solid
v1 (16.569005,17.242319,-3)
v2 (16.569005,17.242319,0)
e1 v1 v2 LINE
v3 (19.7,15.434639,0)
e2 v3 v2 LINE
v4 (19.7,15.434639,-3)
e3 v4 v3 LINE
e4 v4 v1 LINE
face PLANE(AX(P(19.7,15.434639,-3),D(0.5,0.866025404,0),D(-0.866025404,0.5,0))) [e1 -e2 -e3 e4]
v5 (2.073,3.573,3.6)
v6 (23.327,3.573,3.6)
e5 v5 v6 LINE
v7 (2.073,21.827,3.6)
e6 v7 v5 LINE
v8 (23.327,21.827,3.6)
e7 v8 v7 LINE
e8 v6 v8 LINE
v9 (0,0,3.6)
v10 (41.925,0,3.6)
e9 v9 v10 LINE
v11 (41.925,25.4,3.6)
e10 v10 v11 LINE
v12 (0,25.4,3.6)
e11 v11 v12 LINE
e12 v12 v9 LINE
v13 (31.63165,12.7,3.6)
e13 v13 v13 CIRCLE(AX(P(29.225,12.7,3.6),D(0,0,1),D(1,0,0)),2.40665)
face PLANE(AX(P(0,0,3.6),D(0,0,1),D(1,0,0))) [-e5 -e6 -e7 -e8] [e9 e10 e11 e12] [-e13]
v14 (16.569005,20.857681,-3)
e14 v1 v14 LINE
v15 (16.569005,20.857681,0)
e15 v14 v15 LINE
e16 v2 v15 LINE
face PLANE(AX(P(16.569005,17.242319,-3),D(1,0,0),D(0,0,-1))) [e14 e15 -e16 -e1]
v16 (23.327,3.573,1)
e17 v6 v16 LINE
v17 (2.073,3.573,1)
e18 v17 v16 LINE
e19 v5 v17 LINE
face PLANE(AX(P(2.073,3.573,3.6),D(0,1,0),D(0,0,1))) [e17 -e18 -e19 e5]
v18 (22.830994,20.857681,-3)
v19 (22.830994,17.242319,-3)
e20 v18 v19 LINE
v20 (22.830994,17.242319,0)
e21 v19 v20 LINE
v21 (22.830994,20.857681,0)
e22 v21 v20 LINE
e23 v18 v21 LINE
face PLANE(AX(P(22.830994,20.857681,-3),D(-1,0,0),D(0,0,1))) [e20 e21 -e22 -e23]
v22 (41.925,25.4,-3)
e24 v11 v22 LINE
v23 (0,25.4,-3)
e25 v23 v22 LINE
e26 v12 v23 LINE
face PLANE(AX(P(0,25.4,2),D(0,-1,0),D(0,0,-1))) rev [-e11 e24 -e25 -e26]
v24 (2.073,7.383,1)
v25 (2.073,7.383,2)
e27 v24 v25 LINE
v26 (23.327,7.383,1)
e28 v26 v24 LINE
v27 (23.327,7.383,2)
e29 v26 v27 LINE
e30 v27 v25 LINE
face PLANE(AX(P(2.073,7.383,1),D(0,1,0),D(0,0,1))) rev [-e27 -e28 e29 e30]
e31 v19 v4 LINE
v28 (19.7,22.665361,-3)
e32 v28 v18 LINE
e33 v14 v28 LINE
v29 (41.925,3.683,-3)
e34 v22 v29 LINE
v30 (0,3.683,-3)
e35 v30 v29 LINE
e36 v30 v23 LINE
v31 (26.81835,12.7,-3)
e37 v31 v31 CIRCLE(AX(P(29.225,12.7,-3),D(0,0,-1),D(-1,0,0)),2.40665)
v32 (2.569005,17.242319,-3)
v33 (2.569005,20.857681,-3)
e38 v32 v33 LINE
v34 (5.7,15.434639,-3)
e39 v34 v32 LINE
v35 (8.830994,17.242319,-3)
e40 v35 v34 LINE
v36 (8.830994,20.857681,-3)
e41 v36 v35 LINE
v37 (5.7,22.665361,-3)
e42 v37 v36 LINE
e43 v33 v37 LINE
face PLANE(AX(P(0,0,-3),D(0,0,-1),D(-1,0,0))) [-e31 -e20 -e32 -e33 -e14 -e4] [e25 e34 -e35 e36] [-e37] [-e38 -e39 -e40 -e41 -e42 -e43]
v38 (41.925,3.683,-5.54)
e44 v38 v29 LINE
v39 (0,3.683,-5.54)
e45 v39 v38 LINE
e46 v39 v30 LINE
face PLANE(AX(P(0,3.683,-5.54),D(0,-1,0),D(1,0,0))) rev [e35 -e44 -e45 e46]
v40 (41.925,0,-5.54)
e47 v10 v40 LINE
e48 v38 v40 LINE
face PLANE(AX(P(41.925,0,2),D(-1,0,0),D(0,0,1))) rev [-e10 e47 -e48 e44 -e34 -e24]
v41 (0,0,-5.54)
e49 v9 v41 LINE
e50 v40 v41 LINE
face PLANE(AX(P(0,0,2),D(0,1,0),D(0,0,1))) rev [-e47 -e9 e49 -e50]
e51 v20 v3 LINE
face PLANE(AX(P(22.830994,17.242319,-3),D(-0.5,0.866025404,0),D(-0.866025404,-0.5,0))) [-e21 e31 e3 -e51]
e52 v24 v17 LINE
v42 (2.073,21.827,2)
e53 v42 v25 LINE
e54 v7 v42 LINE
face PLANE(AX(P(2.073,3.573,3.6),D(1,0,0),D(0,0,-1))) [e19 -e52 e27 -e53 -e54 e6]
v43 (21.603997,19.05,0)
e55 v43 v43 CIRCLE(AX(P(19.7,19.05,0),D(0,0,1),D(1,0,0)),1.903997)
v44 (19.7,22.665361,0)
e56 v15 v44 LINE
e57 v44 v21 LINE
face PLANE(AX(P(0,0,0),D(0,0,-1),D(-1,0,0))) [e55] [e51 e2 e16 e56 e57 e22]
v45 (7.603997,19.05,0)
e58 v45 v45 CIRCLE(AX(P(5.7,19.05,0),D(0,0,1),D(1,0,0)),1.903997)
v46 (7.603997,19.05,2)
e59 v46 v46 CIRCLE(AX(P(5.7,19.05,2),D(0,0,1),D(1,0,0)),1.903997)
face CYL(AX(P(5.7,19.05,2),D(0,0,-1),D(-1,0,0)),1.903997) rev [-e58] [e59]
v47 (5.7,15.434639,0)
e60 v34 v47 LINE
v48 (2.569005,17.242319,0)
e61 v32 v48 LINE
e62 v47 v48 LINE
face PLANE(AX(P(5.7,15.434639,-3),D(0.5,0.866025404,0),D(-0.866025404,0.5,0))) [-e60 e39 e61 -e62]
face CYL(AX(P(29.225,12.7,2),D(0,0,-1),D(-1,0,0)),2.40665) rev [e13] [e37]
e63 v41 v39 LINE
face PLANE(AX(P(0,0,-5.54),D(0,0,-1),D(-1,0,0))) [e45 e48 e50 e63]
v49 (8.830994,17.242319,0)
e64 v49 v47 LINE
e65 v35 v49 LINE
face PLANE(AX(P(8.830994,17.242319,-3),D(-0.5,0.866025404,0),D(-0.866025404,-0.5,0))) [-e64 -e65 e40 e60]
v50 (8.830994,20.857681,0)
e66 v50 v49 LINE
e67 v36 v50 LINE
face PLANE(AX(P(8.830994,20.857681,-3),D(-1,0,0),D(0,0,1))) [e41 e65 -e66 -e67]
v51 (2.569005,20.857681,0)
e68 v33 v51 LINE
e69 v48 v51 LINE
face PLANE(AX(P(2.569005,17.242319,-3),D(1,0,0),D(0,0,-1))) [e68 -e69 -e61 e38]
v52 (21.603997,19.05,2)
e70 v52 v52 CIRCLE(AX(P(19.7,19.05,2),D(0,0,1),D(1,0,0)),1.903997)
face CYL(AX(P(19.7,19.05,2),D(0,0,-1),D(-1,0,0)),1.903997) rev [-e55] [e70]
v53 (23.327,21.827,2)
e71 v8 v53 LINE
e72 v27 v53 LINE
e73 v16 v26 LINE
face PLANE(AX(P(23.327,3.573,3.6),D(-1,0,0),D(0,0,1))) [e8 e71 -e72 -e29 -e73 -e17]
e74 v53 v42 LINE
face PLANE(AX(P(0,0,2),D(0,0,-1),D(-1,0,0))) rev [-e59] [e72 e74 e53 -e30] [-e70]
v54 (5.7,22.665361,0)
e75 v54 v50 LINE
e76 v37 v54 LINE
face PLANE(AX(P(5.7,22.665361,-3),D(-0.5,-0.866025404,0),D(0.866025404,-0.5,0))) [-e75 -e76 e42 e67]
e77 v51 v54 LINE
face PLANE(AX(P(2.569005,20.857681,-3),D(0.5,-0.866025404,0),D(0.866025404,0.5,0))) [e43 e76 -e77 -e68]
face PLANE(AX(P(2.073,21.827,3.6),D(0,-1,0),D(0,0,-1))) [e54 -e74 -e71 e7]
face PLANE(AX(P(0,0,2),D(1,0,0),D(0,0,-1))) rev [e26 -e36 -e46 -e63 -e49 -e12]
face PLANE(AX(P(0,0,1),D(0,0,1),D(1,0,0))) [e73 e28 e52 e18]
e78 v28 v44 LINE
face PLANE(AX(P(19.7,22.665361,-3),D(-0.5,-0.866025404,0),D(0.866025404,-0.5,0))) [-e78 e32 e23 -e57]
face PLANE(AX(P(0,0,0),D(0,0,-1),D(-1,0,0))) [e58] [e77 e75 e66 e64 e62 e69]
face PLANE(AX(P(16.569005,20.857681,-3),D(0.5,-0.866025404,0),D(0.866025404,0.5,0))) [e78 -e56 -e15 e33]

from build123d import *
from build123d.topology import SkipClean

# Parameters (mm, degrees)
SKETCH1_W           = 41.925
SKETCH1_H           = 25.4
SKETCH1_R           = 1.9039967
SKETCH1_R_2         = 2.40665
BOSS_EXTRUDE1_DEPTH = 2
SKETCH2_W           = 41.925
SKETCH2_H           = 25.4
SKETCH2_R           = 2.40665
SKETCH2_W_2         = 21.254
SKETCH2_H_2         = 18.254
BOSS_EXTRUDE2_DEPTH = 1.6
BOSS_EXTRUDE3_START = 3
SKETCH3_W           = 41.925
SKETCH3_H           = 25.4
SKETCH3_R           = 2.40665
BOSS_EXTRUDE3_DEPTH = 3
SKETCH4_W           = 41.925
SKETCH4_H           = 3.683
BOSS_EXTRUDE4_DEPTH = 2.54
SKETCH5_W           = 21.254
SKETCH5_H           = 3.81
CUT_EXTRUDE1_DEPTH  = 1


with BuildPart() as part:
    # Sketch1 → Boss-Extrude1 (new body)
    with BuildSketch(Plane.XY):
        with Locations((20.9625, 12.7)):
            Rectangle(SKETCH1_W, SKETCH1_H)
        with Locations((5.7, 19.05)):
            Circle(SKETCH1_R, mode=Mode.SUBTRACT)
        with Locations((19.7, 19.05)):
            Circle(SKETCH1_R, mode=Mode.SUBTRACT)
        with Locations((29.225, 12.7)):
            Circle(SKETCH1_R_2, mode=Mode.SUBTRACT)
    extrude(amount=BOSS_EXTRUDE1_DEPTH)

    # Sketch2 → Boss-Extrude2 (add)
    with BuildSketch(Plane.XY.offset(2)):
        with Locations((20.9625, 12.7)):
            Rectangle(SKETCH2_W, SKETCH2_H)
        with Locations((29.225, 12.7)):
            Circle(SKETCH2_R, mode=Mode.SUBTRACT)
        with Locations((12.7, 12.7)):
            Rectangle(SKETCH2_W_2, SKETCH2_H_2, mode=Mode.SUBTRACT)
    extrude(amount=BOSS_EXTRUDE2_DEPTH)

    # Sketch3 → Boss-Extrude3 (add)
    with SkipClean():  # the faces are left unmerged after this step: merging them gives an invalid solid
        with BuildSketch(Plane(origin=(0, 0, 0), x_dir=(-1, 0, 0), z_dir=(0, 0, -1)).offset(BOSS_EXTRUDE3_START)):
            with Locations((-20.9625, 12.7)):
                Rectangle(SKETCH3_W, SKETCH3_H)
            with Locations((-29.225, 12.7)):
                Circle(SKETCH3_R, mode=Mode.SUBTRACT)
            Polygon((-16.5690055, 17.242319483), (-16.5690055, 20.857680517), (-19.7, 22.665361035), (-22.8309945, 20.857680517), (-22.8309945, 17.242319483), (-19.7, 15.434638965), align=None, mode=Mode.SUBTRACT)
            Polygon((-2.5690055, 20.857680517), (-5.7, 22.665361035), (-8.8309945, 20.857680517), (-8.8309945, 17.242319483), (-5.7, 15.434638965), (-2.5690055, 17.242319483), align=None, mode=Mode.SUBTRACT)
        extrude(amount=-BOSS_EXTRUDE3_DEPTH)

    # Sketch4 → Boss-Extrude4 (add)
    with SkipClean():  # the faces are left unmerged after this step: merging them gives an invalid solid
        with BuildSketch(Plane(origin=(0, 0, -3), x_dir=(-1, 0, 0), z_dir=(0, 0, -1))):
            with Locations((-20.9625, 1.8415)):
                Rectangle(SKETCH4_W, SKETCH4_H)
        extrude(amount=BOSS_EXTRUDE4_DEPTH)

    # Sketch5 → Cut-Extrude1 (cut)
    with SkipClean():  # the faces are left unmerged after this step: merging them gives an invalid solid
        with BuildSketch(Plane.XY.offset(2)):
            with Locations((12.7, 5.478)):
                Rectangle(SKETCH5_W, SKETCH5_H)
        extrude(amount=-CUT_EXTRUDE1_DEPTH, mode=Mode.SUBTRACT)


solid = part.part
